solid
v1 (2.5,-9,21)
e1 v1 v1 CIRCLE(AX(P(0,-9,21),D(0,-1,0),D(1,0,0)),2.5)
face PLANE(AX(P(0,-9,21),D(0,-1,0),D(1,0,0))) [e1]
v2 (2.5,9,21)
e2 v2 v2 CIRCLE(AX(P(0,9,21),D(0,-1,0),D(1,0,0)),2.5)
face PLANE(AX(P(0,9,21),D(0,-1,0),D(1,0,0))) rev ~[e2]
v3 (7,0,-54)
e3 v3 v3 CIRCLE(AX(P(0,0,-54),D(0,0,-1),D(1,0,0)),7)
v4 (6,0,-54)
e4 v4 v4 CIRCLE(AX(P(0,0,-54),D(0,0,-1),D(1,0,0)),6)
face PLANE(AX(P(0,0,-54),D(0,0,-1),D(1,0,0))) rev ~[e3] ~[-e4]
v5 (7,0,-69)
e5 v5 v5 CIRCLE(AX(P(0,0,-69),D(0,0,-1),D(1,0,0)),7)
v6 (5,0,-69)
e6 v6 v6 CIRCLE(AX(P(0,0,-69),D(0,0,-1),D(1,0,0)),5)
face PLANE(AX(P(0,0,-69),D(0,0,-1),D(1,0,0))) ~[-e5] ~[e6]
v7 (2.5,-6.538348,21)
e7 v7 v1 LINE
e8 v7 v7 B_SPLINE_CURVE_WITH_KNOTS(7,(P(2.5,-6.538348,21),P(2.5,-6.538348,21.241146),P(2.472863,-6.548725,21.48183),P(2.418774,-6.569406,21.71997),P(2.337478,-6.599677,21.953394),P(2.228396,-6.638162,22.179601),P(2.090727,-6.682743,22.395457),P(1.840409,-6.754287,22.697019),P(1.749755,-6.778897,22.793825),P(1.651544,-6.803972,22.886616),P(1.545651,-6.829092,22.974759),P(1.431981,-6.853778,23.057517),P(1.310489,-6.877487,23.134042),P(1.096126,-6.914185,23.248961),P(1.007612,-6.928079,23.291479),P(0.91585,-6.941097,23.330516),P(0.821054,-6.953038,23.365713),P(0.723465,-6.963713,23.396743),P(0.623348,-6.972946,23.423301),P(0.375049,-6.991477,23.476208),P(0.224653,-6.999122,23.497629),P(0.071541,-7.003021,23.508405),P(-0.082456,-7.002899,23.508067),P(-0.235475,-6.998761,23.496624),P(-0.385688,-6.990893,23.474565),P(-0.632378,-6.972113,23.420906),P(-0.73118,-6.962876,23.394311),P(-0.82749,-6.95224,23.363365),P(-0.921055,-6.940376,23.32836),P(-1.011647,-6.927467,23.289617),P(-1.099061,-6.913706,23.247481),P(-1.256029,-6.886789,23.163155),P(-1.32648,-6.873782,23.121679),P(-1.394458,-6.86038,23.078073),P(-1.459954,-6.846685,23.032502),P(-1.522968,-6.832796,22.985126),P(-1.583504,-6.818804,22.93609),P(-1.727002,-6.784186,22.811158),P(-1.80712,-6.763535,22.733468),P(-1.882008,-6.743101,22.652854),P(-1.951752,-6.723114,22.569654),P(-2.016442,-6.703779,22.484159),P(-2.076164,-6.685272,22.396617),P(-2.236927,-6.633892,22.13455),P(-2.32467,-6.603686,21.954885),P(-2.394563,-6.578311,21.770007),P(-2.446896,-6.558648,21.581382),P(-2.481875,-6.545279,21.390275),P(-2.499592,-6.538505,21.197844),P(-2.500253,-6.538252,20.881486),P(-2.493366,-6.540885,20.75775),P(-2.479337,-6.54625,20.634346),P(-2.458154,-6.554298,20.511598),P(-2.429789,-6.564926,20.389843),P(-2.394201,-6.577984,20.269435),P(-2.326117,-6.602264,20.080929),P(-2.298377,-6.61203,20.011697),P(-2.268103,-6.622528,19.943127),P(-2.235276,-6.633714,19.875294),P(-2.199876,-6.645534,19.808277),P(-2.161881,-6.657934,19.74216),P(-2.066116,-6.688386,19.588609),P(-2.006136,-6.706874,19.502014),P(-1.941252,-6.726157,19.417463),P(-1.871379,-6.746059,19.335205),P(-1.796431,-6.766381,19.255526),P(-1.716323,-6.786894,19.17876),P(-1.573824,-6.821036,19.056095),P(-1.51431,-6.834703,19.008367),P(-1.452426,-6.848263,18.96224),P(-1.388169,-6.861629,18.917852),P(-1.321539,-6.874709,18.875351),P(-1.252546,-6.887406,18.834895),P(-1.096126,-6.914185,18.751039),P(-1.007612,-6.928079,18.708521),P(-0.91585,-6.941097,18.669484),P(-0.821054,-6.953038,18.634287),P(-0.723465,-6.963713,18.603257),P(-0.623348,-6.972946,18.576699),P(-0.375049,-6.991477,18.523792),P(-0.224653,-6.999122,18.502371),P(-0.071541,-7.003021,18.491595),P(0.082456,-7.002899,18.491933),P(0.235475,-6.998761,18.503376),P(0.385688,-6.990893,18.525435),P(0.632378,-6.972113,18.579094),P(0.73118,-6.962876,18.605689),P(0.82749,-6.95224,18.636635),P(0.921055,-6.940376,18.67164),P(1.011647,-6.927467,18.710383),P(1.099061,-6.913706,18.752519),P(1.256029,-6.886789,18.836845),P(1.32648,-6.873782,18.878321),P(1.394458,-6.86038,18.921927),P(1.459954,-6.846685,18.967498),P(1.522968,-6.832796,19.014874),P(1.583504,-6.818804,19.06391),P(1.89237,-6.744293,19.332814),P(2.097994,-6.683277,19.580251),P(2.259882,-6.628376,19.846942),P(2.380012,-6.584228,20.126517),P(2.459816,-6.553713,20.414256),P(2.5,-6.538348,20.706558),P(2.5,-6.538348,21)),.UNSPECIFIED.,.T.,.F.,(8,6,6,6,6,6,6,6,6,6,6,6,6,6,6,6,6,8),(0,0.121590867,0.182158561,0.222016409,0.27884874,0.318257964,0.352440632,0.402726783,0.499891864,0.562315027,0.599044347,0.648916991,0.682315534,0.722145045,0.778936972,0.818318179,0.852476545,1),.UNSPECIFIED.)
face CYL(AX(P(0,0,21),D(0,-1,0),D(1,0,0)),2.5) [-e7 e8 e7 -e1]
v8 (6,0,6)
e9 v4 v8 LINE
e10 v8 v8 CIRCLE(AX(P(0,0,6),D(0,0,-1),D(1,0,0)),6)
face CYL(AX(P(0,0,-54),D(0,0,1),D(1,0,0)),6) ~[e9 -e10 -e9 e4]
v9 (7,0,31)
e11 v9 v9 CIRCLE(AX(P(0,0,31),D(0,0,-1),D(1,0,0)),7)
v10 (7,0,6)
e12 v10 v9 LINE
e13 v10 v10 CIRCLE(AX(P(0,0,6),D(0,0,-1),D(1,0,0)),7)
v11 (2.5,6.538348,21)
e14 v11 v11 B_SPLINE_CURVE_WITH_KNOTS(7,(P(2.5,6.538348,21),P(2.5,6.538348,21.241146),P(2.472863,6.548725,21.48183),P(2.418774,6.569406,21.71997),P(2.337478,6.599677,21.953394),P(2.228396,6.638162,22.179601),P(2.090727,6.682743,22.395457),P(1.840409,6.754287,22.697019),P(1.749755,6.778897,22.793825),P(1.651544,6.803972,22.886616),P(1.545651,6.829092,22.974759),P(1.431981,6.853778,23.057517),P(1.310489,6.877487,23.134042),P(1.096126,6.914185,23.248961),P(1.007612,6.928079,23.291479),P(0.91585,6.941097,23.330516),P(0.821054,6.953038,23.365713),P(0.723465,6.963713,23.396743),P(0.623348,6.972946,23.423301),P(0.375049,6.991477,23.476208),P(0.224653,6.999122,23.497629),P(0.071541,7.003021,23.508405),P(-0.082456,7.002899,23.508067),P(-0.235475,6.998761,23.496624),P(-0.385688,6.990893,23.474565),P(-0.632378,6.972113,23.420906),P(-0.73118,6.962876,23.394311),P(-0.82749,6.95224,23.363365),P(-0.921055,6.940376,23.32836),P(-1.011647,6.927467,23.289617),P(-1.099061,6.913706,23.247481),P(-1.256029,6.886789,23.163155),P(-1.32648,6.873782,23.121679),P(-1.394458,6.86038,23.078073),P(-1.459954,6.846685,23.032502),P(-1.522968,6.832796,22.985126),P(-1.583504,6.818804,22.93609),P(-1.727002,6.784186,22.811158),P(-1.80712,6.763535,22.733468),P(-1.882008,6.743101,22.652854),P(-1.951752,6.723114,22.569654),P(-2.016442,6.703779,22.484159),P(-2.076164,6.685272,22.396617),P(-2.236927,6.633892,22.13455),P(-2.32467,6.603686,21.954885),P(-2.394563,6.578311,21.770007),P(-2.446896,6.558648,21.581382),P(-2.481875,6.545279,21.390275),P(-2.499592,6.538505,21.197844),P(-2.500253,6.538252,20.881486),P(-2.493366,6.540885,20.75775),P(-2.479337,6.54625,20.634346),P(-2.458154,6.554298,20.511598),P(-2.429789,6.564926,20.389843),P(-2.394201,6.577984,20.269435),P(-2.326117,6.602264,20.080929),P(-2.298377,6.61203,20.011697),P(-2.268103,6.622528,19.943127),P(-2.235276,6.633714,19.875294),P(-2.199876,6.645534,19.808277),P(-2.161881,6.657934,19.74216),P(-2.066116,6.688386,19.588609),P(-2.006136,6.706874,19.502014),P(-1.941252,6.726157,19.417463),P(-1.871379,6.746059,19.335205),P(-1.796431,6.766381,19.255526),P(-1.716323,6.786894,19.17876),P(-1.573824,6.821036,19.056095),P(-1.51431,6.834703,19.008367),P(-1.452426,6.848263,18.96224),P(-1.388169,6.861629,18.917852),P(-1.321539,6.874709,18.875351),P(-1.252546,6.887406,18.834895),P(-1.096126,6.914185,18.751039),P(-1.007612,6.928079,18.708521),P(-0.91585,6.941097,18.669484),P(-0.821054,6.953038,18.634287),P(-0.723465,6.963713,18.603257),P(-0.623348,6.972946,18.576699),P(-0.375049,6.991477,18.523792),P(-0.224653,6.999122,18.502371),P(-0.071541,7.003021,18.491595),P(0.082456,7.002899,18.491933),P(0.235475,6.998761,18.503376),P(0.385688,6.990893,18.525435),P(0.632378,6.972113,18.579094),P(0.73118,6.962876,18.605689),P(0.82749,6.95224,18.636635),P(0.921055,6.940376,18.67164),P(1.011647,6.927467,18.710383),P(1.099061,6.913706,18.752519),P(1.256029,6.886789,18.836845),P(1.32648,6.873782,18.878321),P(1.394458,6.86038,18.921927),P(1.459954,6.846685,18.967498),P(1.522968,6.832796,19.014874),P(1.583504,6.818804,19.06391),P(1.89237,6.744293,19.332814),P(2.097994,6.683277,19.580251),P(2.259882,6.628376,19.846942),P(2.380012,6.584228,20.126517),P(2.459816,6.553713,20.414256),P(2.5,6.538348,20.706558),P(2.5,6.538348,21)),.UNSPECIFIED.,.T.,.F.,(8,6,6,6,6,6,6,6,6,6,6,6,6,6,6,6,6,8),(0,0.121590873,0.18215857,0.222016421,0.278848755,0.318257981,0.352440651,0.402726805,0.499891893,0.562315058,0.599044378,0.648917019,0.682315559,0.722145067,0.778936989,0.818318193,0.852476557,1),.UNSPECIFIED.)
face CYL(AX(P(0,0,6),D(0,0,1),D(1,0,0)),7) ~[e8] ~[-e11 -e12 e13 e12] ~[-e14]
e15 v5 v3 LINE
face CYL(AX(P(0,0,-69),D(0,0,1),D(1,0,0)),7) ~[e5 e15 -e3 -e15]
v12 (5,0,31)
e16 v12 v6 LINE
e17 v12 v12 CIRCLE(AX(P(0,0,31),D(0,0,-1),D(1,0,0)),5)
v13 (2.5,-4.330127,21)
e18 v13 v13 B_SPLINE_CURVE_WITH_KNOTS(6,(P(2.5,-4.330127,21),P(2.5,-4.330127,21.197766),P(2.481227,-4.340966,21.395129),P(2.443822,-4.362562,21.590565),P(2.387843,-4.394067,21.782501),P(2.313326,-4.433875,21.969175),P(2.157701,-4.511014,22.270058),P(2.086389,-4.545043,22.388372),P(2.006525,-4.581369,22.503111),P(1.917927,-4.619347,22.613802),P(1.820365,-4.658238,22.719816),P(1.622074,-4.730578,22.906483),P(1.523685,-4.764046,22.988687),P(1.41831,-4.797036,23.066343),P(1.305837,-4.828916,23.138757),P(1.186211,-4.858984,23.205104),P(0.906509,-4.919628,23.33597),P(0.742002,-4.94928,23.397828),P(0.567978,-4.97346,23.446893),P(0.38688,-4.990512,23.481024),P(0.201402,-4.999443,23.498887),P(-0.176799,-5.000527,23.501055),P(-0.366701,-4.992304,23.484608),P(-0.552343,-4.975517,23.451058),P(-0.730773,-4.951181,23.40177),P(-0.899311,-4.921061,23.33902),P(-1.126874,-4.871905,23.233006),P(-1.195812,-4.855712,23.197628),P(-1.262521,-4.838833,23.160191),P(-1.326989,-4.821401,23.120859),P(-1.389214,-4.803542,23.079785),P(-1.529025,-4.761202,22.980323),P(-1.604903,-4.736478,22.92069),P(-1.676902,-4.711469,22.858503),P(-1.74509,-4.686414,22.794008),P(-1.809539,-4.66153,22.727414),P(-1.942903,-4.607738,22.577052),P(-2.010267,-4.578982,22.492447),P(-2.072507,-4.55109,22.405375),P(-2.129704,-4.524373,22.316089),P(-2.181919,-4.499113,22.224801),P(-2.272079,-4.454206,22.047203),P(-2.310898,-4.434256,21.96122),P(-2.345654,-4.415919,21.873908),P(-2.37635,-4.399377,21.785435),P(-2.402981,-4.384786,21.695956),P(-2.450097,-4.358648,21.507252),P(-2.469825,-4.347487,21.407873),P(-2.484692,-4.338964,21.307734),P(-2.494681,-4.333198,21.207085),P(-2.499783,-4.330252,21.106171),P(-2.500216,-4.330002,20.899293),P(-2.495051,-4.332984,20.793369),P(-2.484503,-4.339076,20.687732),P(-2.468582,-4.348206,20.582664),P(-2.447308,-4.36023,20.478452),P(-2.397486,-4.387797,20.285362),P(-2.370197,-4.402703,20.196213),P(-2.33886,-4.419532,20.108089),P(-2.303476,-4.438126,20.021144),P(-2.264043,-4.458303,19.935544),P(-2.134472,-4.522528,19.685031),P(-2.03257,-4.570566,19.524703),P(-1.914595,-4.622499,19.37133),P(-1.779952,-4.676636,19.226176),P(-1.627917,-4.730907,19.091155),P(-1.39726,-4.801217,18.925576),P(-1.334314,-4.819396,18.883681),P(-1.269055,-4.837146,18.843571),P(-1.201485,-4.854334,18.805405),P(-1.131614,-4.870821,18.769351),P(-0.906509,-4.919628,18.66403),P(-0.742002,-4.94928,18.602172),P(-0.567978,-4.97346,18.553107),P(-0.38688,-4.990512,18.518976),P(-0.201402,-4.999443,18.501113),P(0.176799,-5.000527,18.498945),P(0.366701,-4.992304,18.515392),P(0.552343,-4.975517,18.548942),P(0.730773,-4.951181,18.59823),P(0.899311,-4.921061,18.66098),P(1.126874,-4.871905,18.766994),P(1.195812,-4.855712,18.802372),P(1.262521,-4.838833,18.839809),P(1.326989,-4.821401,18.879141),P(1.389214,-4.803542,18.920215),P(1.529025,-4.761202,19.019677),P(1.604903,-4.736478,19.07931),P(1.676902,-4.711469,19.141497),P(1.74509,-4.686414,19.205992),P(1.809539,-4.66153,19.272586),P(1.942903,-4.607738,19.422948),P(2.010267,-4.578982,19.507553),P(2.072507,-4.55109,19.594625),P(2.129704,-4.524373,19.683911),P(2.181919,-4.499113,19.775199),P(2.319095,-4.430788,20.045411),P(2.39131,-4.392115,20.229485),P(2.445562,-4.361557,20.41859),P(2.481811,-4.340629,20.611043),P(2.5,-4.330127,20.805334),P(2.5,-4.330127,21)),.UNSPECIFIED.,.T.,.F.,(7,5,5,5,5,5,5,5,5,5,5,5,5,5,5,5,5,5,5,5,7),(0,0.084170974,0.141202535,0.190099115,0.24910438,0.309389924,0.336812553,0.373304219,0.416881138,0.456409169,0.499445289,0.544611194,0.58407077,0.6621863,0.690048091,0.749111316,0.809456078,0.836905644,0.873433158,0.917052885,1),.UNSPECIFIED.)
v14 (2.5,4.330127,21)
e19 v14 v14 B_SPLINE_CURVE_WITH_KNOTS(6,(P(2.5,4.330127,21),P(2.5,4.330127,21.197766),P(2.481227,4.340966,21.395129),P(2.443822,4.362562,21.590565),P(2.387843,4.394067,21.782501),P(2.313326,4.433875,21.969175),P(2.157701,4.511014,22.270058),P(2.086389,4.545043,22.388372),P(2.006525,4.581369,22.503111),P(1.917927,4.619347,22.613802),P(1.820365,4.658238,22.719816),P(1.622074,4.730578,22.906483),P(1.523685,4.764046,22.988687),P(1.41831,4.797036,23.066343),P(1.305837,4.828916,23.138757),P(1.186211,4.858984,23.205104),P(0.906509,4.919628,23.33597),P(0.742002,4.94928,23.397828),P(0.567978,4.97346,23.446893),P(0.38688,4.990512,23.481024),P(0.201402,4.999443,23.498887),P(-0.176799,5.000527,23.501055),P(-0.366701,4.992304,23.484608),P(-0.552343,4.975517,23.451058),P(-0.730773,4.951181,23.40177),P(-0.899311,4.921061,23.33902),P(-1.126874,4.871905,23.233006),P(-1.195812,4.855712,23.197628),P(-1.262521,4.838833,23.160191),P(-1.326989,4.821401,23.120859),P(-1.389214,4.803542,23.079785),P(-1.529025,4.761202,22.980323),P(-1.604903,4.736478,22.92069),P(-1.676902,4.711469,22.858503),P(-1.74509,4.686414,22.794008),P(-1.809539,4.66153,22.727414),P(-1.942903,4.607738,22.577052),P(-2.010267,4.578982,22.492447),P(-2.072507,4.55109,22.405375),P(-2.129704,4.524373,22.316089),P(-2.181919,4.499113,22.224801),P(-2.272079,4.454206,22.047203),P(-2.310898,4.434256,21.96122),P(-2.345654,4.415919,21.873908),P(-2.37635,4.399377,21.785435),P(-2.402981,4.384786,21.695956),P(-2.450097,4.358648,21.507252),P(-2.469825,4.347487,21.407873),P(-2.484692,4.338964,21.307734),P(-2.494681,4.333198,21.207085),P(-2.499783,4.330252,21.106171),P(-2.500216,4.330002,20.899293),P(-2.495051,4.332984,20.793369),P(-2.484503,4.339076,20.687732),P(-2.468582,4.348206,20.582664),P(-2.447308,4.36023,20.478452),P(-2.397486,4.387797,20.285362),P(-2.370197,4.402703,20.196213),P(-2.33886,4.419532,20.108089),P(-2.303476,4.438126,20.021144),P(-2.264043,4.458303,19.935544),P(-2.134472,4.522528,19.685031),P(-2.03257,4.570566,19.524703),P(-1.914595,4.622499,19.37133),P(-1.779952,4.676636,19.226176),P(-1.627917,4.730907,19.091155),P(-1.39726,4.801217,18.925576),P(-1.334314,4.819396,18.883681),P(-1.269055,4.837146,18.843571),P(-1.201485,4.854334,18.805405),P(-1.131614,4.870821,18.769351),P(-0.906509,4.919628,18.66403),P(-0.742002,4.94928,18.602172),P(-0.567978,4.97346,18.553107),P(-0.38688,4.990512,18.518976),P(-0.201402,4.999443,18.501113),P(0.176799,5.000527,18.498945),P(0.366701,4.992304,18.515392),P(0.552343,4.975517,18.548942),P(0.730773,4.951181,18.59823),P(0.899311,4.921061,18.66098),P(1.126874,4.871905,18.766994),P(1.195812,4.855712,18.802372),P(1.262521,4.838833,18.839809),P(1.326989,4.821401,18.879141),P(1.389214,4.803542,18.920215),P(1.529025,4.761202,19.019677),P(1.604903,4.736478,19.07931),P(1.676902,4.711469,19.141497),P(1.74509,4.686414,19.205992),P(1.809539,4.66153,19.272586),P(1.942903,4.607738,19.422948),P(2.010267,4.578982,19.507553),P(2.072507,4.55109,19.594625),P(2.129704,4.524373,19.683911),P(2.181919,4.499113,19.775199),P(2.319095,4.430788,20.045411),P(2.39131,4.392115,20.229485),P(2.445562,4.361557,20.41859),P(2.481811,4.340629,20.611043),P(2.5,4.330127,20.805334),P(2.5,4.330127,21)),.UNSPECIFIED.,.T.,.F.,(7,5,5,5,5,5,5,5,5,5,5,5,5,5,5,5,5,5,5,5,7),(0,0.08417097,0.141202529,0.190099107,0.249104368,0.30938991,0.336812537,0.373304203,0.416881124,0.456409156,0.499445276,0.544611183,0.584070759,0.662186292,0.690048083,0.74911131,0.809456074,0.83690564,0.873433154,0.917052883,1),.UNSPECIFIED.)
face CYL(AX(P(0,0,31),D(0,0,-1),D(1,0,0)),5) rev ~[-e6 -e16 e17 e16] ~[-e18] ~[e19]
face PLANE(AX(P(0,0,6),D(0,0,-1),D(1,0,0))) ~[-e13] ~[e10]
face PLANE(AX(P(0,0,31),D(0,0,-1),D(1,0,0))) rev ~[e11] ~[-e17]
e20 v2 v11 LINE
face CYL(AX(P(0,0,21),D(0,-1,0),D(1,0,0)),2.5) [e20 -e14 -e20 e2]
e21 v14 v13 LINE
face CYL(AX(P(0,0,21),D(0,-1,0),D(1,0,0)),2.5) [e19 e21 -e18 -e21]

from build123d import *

# Parameters (mm, degrees)
F2_R     = 2.5
F3_DEPTH = 9


with BuildPart() as f1:
    # F0 (on Front) → F1 (revolve)
    with BuildSketch(Plane.XZ):
        Polygon((7, 31), (5, 31), (5, -69), (7, -69), (7, -54), (6, -54), (6, 6), (7, 6), align=None)
    revolve(axis=Axis((0, 0, -22.5128643215), (0, 0, -1)))

    # F2 (on Front) → F3 (join, symmetric)
    with BuildSketch(Plane.XZ):
        with Locations((0, 21)):
            Circle(F2_R)
    extrude(amount=F3_DEPTH, both=True)


solid = f1.part
